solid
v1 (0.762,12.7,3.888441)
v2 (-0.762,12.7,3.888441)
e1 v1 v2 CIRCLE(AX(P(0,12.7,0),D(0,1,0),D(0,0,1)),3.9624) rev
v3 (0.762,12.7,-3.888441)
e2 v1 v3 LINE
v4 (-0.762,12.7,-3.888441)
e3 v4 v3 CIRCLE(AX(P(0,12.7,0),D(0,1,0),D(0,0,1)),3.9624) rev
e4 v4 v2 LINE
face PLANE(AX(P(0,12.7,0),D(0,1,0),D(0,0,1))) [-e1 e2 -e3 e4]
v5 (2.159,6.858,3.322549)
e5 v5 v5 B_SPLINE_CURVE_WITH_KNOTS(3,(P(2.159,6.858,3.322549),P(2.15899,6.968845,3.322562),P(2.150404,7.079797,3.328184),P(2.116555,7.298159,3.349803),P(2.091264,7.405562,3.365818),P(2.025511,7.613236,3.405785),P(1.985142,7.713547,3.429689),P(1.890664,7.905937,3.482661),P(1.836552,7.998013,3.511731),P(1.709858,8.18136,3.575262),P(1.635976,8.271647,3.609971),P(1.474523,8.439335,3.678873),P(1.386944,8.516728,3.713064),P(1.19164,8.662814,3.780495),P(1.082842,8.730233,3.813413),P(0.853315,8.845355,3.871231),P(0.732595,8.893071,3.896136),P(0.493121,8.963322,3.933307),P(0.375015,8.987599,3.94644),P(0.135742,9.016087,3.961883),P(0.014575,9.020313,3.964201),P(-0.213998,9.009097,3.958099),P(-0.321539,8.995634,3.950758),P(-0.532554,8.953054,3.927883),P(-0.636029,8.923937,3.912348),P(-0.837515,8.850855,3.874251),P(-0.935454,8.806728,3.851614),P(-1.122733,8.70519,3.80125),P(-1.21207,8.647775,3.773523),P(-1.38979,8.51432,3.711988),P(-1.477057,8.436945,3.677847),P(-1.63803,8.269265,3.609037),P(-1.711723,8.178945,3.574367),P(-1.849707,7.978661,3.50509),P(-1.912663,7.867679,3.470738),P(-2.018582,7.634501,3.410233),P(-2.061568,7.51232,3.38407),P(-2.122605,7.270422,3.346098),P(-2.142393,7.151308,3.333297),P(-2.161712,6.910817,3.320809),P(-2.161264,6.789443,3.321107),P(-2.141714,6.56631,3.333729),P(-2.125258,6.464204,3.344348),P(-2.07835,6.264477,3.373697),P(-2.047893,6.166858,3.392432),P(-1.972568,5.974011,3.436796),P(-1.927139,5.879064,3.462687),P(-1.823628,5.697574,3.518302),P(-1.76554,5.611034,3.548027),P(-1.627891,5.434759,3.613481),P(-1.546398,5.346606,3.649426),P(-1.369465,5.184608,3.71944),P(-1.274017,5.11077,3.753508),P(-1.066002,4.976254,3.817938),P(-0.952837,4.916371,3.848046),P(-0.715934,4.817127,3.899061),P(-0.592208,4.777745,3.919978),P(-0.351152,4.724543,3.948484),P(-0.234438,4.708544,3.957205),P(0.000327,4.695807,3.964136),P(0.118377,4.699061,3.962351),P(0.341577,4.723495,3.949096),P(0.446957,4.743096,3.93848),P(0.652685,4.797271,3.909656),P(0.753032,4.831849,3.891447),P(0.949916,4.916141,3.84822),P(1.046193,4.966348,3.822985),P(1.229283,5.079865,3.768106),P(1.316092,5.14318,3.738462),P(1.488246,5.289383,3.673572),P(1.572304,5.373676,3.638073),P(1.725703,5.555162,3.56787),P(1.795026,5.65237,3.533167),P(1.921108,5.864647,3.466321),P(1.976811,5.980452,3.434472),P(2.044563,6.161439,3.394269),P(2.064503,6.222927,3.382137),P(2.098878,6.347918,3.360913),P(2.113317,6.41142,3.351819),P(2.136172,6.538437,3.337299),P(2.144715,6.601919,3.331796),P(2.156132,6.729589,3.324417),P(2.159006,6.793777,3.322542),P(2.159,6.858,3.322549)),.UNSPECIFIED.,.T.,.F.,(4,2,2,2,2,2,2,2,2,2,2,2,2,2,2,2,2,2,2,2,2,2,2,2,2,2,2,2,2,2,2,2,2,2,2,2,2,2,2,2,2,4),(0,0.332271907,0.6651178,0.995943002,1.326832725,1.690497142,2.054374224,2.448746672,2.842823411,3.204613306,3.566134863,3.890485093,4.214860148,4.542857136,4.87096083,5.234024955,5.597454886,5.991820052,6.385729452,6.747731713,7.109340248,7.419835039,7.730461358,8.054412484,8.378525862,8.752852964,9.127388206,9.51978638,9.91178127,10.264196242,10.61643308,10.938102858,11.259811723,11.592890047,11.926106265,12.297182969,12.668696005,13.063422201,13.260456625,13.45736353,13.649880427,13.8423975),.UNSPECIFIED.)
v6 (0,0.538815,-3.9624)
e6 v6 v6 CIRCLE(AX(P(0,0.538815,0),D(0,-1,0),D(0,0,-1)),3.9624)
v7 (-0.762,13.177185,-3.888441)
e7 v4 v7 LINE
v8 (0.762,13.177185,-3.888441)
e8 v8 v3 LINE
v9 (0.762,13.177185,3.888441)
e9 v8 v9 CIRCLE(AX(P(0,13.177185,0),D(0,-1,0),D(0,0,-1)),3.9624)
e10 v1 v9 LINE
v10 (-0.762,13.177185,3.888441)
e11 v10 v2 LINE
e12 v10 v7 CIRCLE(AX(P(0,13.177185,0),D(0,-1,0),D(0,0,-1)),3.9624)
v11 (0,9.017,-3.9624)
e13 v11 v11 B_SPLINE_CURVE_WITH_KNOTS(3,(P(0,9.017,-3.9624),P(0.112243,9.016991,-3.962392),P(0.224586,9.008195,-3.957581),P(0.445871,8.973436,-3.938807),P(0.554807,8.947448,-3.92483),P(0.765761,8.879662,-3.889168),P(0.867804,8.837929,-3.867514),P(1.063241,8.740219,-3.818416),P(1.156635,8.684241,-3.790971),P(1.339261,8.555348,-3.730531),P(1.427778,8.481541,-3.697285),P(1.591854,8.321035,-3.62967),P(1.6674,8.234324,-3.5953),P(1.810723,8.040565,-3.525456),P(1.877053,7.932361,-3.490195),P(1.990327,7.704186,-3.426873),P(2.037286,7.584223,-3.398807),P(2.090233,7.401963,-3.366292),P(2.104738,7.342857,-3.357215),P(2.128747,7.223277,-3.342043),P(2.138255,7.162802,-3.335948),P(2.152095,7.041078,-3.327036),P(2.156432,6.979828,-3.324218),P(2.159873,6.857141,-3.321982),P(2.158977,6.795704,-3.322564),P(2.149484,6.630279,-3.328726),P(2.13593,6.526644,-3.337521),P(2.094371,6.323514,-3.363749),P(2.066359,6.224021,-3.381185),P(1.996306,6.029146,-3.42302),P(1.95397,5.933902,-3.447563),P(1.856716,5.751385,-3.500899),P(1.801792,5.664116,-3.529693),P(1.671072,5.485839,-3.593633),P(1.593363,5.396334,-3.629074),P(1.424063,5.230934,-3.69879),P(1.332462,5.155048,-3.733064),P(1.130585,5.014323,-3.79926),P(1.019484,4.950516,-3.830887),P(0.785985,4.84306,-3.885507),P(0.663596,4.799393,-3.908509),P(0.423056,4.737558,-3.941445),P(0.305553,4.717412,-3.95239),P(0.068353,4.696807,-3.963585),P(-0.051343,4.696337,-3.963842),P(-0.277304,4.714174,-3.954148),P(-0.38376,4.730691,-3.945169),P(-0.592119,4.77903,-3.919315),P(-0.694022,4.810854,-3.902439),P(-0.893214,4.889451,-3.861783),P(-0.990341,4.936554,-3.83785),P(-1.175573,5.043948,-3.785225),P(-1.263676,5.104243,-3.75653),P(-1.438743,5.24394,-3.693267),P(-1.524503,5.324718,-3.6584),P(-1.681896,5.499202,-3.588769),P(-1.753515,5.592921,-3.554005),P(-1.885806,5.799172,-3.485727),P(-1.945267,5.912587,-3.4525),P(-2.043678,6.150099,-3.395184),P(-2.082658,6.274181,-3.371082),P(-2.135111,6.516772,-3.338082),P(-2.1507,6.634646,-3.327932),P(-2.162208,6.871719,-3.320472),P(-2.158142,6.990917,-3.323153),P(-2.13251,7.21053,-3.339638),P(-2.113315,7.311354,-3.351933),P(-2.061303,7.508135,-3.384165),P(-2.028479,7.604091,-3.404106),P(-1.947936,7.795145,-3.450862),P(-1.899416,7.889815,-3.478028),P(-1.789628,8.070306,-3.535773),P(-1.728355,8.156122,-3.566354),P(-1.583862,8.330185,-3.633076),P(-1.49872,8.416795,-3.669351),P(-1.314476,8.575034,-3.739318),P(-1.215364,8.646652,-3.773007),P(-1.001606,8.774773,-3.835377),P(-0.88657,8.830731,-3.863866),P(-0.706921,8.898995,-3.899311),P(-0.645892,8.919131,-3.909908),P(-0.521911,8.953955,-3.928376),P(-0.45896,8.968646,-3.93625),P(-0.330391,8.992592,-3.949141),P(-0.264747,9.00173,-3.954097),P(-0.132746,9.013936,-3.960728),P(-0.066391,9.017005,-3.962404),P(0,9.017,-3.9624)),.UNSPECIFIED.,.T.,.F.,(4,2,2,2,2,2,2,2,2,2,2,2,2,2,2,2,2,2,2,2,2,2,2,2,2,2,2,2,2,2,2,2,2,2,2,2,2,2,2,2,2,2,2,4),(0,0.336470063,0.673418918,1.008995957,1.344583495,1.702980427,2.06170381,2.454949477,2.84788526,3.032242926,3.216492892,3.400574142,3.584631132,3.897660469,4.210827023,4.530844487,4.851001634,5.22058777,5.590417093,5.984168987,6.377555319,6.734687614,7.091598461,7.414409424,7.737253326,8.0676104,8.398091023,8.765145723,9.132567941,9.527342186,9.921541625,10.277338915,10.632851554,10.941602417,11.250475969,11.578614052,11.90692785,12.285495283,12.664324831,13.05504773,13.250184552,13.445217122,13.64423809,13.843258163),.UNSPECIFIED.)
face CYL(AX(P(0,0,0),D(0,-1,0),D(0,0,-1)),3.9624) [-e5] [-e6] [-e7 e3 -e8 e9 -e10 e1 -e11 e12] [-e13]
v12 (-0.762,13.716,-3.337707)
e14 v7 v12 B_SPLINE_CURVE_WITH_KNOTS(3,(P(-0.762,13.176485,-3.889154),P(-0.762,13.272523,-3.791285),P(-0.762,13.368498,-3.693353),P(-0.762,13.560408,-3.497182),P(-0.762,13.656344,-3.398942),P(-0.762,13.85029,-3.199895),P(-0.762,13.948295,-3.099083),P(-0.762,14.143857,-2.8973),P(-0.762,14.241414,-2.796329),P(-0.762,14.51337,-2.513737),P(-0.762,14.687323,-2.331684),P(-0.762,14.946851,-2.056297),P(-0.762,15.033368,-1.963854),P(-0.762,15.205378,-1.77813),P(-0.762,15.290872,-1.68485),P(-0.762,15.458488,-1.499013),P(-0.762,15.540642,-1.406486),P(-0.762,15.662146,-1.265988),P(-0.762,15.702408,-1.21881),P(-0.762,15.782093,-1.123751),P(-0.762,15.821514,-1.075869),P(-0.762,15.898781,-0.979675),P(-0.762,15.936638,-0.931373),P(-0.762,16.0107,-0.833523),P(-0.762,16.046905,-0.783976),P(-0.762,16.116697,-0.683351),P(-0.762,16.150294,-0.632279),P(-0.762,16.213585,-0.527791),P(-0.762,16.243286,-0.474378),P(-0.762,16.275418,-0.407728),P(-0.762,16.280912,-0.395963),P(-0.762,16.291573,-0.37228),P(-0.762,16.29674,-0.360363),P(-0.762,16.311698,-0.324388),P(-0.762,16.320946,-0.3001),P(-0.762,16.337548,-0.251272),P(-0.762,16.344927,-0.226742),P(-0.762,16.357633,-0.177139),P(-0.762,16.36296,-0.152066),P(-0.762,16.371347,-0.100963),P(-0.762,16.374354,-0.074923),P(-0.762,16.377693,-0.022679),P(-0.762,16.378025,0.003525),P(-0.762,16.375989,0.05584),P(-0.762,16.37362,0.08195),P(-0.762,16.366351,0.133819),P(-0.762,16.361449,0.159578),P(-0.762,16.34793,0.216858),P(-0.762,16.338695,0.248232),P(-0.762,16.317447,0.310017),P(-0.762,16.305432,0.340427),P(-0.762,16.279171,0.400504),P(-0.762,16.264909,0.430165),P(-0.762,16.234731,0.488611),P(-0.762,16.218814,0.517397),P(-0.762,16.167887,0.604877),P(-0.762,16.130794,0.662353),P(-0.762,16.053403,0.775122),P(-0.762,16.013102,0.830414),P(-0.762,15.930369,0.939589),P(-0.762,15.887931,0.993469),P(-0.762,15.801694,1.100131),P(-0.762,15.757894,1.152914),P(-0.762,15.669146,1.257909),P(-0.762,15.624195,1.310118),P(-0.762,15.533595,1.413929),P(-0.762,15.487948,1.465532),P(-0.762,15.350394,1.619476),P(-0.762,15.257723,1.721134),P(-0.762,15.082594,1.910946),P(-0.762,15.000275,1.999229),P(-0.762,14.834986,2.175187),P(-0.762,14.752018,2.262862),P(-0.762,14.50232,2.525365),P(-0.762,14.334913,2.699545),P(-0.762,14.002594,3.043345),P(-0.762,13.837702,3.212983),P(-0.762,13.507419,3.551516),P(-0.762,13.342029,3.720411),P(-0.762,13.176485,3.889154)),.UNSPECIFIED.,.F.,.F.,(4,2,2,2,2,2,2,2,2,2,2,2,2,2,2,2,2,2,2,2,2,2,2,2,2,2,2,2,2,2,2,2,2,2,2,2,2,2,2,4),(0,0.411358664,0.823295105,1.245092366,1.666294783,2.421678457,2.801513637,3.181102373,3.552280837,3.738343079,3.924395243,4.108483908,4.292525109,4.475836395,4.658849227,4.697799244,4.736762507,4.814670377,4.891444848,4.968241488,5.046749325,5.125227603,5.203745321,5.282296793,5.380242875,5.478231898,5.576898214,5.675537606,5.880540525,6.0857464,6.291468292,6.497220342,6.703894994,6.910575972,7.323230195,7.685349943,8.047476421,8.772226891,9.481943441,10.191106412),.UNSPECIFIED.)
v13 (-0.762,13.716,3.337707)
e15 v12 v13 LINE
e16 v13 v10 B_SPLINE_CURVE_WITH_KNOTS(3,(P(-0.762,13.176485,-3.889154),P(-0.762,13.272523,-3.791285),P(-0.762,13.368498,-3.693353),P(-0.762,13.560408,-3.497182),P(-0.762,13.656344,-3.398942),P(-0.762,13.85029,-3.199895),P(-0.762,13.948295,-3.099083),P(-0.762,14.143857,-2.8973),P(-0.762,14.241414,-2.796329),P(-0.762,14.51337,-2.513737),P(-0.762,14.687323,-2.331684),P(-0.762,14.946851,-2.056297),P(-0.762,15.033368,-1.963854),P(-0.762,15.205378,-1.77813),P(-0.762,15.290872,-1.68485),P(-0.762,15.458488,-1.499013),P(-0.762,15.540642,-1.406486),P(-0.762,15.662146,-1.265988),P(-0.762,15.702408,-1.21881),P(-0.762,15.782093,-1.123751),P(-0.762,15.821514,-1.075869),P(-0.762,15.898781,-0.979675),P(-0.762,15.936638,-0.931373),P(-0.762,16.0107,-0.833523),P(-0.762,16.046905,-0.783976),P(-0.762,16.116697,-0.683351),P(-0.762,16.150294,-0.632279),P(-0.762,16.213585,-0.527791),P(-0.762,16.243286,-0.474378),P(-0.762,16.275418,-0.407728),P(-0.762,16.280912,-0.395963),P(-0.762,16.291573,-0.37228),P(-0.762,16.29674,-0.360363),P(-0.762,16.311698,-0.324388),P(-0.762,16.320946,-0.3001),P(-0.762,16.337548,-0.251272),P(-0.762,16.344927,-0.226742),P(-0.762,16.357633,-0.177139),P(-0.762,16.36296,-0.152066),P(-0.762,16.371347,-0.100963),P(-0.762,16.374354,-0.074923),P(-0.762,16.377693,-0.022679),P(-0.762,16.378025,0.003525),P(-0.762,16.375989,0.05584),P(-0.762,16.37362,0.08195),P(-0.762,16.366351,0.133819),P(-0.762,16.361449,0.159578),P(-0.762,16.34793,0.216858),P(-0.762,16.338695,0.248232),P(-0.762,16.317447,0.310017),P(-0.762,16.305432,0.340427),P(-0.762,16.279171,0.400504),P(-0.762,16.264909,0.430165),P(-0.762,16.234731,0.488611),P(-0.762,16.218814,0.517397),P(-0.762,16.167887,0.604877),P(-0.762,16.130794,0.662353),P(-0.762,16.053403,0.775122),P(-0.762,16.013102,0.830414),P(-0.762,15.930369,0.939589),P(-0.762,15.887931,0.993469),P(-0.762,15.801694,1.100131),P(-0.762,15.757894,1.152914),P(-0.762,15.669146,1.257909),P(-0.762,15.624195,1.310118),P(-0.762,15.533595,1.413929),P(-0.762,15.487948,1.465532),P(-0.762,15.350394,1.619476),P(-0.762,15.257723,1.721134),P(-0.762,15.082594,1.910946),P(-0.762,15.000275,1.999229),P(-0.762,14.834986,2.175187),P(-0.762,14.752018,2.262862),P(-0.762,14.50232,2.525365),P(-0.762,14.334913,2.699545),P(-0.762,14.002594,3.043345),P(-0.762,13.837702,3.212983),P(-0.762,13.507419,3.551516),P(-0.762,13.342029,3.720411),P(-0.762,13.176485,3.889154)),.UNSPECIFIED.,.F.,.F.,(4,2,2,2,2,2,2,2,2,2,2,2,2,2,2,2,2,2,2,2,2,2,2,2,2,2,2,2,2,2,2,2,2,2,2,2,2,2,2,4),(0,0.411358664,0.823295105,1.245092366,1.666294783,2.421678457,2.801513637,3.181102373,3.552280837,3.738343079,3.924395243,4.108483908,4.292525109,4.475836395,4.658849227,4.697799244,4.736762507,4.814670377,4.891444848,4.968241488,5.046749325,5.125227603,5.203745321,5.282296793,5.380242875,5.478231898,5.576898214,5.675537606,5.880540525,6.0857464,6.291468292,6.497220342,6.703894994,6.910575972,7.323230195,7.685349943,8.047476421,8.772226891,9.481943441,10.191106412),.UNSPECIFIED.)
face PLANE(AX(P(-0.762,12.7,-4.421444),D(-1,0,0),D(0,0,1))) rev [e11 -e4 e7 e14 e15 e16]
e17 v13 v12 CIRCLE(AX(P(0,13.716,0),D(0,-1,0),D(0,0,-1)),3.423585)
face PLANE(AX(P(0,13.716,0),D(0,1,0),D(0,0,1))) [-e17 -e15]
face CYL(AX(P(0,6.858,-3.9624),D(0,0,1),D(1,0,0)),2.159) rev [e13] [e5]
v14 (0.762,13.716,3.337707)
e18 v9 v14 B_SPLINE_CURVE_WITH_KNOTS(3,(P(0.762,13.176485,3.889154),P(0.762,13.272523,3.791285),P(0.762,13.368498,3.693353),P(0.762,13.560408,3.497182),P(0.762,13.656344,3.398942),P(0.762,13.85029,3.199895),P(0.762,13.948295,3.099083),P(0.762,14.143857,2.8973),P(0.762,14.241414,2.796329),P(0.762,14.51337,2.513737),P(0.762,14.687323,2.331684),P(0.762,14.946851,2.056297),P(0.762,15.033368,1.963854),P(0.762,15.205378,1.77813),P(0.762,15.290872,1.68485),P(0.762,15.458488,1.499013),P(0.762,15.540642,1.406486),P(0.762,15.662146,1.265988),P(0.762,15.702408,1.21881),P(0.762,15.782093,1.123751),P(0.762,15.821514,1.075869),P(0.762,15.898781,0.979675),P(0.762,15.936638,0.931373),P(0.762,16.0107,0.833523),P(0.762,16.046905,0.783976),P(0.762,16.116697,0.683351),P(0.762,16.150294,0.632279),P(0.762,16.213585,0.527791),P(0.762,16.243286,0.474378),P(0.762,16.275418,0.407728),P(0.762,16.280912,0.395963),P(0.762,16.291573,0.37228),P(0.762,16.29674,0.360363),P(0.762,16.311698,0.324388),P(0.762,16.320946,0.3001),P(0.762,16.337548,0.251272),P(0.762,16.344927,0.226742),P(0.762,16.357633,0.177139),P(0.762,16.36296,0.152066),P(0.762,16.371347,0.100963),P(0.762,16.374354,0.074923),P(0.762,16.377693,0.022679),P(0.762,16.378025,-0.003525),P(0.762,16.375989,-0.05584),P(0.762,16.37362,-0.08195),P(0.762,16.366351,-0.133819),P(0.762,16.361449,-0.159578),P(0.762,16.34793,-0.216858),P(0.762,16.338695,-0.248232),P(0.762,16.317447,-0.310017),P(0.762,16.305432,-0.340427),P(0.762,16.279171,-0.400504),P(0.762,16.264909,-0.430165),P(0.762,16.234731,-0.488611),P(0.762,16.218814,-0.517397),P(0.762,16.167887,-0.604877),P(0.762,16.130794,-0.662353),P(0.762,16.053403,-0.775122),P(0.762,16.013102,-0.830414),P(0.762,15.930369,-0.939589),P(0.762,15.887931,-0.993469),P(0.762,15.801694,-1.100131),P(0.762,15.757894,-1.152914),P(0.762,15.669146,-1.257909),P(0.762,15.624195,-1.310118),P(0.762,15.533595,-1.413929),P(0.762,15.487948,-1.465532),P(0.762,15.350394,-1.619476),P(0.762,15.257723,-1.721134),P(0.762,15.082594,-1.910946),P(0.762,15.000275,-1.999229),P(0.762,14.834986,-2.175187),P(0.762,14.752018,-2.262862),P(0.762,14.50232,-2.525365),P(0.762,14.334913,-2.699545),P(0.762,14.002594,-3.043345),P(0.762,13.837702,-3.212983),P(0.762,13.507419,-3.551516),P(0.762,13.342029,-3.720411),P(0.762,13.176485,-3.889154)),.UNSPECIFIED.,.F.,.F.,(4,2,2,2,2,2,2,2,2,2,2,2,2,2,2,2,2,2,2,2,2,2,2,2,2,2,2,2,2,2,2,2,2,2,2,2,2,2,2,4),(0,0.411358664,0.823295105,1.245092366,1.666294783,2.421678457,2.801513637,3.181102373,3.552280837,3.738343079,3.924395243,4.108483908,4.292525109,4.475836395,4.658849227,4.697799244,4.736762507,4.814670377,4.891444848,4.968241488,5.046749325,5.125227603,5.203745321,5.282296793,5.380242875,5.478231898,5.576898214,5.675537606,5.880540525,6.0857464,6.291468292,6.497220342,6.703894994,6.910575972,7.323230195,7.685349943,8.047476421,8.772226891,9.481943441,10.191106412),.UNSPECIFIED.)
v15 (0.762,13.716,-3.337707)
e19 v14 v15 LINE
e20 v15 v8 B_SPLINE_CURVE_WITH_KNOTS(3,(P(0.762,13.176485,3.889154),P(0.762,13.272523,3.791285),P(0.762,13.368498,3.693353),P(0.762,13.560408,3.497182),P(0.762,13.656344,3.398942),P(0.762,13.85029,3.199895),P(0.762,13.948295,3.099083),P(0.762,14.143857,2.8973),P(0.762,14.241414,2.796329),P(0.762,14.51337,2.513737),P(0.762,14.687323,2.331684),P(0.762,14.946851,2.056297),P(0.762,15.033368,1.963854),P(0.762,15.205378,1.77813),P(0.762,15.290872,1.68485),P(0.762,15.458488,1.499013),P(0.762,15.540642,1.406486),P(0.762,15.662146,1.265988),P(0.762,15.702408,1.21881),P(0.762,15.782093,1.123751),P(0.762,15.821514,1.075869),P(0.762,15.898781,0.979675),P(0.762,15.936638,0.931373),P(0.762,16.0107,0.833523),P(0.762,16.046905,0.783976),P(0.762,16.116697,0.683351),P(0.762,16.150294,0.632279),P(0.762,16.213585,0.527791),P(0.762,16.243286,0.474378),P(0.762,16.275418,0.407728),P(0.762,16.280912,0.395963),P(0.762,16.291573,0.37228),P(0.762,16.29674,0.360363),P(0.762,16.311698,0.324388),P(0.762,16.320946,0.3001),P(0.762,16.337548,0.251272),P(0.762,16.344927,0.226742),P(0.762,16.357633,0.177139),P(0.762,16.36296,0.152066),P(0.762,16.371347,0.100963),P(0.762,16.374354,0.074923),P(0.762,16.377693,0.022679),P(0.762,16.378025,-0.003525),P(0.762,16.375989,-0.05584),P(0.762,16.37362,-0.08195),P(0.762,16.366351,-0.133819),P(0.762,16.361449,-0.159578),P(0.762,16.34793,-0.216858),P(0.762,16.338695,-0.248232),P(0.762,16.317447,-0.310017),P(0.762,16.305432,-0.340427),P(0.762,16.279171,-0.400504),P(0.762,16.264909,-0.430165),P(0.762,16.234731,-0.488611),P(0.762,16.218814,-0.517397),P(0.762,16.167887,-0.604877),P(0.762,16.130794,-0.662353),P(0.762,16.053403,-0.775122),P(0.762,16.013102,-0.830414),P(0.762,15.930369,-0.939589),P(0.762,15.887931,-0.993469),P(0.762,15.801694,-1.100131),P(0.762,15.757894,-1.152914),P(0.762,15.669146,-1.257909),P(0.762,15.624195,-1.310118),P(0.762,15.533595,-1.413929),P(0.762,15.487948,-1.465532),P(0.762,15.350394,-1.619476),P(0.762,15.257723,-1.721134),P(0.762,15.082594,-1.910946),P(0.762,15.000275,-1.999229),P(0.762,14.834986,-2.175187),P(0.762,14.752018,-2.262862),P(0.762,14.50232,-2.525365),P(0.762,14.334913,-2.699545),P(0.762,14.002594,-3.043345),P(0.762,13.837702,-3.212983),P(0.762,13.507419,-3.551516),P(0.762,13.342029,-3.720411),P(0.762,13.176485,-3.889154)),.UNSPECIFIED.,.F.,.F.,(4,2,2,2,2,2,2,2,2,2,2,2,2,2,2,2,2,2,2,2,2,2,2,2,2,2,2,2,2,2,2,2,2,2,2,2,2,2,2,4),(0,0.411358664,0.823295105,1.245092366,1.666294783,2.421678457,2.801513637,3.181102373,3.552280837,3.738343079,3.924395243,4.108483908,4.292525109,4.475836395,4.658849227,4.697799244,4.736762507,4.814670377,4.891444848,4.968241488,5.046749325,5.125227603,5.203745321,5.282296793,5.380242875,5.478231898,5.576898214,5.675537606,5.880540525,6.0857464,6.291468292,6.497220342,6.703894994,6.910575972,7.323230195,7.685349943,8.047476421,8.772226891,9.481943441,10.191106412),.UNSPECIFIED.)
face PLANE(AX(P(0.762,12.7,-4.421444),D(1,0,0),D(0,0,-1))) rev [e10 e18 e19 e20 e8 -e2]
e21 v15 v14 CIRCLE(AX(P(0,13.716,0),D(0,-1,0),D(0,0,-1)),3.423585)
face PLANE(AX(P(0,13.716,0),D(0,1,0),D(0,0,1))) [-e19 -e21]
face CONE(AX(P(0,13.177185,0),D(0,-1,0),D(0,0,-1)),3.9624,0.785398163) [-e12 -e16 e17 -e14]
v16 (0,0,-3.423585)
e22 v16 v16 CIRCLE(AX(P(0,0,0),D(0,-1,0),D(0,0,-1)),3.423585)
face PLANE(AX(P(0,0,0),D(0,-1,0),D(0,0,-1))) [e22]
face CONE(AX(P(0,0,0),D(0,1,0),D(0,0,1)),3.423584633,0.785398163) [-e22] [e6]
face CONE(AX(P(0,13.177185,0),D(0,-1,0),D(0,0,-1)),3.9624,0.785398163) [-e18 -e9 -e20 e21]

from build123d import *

# Parameters (mm, degrees)
SKETCH4_W               = 1.524
SKETCH4_H               = 9.039794808
CUT_EXTRUDE2_DEPTH      = 1.016
SKETCH9_R               = 2.159
CUT_EXTRUDE3_DEPTH      = 4.9624
CUT_EXTRUDE3_DEPTH_BACK = 4.9624


with BuildPart() as part:
    # Sketch3 → Revolve1 (revolve)
    with BuildSketch(Plane.XY):
        Polygon((3.423584633, 13.716), (3.9624, 13.177184633), (3.9624, 0.538815367), (3.423584633, 0), (0, 0), (0, 13.716), align=None)
    revolve(axis=Axis((0, 0, 0), (0, 1, 0)))

    # Sketch4 → Cut-Extrude2 (cut)
    with BuildSketch(Plane(origin=(0, 13.716, 0), x_dir=(1, 0, 0), z_dir=(0, 1, 0))):
        with Locations((0, -0.098453211)):
            Rectangle(SKETCH4_W, SKETCH4_H)
    extrude(amount=-CUT_EXTRUDE2_DEPTH, mode=Mode.SUBTRACT)

    # Sketch9 → Cut-Extrude3 (cut, two sides)
    with BuildSketch(Plane.XY) as cut_extrude3_sk:
        with Locations((0, 6.858)):
            Circle(SKETCH9_R)
    extrude(amount=CUT_EXTRUDE3_DEPTH, mode=Mode.SUBTRACT)
    extrude(cut_extrude3_sk.sketch, amount=-CUT_EXTRUDE3_DEPTH_BACK, mode=Mode.SUBTRACT)


solid = part.part
